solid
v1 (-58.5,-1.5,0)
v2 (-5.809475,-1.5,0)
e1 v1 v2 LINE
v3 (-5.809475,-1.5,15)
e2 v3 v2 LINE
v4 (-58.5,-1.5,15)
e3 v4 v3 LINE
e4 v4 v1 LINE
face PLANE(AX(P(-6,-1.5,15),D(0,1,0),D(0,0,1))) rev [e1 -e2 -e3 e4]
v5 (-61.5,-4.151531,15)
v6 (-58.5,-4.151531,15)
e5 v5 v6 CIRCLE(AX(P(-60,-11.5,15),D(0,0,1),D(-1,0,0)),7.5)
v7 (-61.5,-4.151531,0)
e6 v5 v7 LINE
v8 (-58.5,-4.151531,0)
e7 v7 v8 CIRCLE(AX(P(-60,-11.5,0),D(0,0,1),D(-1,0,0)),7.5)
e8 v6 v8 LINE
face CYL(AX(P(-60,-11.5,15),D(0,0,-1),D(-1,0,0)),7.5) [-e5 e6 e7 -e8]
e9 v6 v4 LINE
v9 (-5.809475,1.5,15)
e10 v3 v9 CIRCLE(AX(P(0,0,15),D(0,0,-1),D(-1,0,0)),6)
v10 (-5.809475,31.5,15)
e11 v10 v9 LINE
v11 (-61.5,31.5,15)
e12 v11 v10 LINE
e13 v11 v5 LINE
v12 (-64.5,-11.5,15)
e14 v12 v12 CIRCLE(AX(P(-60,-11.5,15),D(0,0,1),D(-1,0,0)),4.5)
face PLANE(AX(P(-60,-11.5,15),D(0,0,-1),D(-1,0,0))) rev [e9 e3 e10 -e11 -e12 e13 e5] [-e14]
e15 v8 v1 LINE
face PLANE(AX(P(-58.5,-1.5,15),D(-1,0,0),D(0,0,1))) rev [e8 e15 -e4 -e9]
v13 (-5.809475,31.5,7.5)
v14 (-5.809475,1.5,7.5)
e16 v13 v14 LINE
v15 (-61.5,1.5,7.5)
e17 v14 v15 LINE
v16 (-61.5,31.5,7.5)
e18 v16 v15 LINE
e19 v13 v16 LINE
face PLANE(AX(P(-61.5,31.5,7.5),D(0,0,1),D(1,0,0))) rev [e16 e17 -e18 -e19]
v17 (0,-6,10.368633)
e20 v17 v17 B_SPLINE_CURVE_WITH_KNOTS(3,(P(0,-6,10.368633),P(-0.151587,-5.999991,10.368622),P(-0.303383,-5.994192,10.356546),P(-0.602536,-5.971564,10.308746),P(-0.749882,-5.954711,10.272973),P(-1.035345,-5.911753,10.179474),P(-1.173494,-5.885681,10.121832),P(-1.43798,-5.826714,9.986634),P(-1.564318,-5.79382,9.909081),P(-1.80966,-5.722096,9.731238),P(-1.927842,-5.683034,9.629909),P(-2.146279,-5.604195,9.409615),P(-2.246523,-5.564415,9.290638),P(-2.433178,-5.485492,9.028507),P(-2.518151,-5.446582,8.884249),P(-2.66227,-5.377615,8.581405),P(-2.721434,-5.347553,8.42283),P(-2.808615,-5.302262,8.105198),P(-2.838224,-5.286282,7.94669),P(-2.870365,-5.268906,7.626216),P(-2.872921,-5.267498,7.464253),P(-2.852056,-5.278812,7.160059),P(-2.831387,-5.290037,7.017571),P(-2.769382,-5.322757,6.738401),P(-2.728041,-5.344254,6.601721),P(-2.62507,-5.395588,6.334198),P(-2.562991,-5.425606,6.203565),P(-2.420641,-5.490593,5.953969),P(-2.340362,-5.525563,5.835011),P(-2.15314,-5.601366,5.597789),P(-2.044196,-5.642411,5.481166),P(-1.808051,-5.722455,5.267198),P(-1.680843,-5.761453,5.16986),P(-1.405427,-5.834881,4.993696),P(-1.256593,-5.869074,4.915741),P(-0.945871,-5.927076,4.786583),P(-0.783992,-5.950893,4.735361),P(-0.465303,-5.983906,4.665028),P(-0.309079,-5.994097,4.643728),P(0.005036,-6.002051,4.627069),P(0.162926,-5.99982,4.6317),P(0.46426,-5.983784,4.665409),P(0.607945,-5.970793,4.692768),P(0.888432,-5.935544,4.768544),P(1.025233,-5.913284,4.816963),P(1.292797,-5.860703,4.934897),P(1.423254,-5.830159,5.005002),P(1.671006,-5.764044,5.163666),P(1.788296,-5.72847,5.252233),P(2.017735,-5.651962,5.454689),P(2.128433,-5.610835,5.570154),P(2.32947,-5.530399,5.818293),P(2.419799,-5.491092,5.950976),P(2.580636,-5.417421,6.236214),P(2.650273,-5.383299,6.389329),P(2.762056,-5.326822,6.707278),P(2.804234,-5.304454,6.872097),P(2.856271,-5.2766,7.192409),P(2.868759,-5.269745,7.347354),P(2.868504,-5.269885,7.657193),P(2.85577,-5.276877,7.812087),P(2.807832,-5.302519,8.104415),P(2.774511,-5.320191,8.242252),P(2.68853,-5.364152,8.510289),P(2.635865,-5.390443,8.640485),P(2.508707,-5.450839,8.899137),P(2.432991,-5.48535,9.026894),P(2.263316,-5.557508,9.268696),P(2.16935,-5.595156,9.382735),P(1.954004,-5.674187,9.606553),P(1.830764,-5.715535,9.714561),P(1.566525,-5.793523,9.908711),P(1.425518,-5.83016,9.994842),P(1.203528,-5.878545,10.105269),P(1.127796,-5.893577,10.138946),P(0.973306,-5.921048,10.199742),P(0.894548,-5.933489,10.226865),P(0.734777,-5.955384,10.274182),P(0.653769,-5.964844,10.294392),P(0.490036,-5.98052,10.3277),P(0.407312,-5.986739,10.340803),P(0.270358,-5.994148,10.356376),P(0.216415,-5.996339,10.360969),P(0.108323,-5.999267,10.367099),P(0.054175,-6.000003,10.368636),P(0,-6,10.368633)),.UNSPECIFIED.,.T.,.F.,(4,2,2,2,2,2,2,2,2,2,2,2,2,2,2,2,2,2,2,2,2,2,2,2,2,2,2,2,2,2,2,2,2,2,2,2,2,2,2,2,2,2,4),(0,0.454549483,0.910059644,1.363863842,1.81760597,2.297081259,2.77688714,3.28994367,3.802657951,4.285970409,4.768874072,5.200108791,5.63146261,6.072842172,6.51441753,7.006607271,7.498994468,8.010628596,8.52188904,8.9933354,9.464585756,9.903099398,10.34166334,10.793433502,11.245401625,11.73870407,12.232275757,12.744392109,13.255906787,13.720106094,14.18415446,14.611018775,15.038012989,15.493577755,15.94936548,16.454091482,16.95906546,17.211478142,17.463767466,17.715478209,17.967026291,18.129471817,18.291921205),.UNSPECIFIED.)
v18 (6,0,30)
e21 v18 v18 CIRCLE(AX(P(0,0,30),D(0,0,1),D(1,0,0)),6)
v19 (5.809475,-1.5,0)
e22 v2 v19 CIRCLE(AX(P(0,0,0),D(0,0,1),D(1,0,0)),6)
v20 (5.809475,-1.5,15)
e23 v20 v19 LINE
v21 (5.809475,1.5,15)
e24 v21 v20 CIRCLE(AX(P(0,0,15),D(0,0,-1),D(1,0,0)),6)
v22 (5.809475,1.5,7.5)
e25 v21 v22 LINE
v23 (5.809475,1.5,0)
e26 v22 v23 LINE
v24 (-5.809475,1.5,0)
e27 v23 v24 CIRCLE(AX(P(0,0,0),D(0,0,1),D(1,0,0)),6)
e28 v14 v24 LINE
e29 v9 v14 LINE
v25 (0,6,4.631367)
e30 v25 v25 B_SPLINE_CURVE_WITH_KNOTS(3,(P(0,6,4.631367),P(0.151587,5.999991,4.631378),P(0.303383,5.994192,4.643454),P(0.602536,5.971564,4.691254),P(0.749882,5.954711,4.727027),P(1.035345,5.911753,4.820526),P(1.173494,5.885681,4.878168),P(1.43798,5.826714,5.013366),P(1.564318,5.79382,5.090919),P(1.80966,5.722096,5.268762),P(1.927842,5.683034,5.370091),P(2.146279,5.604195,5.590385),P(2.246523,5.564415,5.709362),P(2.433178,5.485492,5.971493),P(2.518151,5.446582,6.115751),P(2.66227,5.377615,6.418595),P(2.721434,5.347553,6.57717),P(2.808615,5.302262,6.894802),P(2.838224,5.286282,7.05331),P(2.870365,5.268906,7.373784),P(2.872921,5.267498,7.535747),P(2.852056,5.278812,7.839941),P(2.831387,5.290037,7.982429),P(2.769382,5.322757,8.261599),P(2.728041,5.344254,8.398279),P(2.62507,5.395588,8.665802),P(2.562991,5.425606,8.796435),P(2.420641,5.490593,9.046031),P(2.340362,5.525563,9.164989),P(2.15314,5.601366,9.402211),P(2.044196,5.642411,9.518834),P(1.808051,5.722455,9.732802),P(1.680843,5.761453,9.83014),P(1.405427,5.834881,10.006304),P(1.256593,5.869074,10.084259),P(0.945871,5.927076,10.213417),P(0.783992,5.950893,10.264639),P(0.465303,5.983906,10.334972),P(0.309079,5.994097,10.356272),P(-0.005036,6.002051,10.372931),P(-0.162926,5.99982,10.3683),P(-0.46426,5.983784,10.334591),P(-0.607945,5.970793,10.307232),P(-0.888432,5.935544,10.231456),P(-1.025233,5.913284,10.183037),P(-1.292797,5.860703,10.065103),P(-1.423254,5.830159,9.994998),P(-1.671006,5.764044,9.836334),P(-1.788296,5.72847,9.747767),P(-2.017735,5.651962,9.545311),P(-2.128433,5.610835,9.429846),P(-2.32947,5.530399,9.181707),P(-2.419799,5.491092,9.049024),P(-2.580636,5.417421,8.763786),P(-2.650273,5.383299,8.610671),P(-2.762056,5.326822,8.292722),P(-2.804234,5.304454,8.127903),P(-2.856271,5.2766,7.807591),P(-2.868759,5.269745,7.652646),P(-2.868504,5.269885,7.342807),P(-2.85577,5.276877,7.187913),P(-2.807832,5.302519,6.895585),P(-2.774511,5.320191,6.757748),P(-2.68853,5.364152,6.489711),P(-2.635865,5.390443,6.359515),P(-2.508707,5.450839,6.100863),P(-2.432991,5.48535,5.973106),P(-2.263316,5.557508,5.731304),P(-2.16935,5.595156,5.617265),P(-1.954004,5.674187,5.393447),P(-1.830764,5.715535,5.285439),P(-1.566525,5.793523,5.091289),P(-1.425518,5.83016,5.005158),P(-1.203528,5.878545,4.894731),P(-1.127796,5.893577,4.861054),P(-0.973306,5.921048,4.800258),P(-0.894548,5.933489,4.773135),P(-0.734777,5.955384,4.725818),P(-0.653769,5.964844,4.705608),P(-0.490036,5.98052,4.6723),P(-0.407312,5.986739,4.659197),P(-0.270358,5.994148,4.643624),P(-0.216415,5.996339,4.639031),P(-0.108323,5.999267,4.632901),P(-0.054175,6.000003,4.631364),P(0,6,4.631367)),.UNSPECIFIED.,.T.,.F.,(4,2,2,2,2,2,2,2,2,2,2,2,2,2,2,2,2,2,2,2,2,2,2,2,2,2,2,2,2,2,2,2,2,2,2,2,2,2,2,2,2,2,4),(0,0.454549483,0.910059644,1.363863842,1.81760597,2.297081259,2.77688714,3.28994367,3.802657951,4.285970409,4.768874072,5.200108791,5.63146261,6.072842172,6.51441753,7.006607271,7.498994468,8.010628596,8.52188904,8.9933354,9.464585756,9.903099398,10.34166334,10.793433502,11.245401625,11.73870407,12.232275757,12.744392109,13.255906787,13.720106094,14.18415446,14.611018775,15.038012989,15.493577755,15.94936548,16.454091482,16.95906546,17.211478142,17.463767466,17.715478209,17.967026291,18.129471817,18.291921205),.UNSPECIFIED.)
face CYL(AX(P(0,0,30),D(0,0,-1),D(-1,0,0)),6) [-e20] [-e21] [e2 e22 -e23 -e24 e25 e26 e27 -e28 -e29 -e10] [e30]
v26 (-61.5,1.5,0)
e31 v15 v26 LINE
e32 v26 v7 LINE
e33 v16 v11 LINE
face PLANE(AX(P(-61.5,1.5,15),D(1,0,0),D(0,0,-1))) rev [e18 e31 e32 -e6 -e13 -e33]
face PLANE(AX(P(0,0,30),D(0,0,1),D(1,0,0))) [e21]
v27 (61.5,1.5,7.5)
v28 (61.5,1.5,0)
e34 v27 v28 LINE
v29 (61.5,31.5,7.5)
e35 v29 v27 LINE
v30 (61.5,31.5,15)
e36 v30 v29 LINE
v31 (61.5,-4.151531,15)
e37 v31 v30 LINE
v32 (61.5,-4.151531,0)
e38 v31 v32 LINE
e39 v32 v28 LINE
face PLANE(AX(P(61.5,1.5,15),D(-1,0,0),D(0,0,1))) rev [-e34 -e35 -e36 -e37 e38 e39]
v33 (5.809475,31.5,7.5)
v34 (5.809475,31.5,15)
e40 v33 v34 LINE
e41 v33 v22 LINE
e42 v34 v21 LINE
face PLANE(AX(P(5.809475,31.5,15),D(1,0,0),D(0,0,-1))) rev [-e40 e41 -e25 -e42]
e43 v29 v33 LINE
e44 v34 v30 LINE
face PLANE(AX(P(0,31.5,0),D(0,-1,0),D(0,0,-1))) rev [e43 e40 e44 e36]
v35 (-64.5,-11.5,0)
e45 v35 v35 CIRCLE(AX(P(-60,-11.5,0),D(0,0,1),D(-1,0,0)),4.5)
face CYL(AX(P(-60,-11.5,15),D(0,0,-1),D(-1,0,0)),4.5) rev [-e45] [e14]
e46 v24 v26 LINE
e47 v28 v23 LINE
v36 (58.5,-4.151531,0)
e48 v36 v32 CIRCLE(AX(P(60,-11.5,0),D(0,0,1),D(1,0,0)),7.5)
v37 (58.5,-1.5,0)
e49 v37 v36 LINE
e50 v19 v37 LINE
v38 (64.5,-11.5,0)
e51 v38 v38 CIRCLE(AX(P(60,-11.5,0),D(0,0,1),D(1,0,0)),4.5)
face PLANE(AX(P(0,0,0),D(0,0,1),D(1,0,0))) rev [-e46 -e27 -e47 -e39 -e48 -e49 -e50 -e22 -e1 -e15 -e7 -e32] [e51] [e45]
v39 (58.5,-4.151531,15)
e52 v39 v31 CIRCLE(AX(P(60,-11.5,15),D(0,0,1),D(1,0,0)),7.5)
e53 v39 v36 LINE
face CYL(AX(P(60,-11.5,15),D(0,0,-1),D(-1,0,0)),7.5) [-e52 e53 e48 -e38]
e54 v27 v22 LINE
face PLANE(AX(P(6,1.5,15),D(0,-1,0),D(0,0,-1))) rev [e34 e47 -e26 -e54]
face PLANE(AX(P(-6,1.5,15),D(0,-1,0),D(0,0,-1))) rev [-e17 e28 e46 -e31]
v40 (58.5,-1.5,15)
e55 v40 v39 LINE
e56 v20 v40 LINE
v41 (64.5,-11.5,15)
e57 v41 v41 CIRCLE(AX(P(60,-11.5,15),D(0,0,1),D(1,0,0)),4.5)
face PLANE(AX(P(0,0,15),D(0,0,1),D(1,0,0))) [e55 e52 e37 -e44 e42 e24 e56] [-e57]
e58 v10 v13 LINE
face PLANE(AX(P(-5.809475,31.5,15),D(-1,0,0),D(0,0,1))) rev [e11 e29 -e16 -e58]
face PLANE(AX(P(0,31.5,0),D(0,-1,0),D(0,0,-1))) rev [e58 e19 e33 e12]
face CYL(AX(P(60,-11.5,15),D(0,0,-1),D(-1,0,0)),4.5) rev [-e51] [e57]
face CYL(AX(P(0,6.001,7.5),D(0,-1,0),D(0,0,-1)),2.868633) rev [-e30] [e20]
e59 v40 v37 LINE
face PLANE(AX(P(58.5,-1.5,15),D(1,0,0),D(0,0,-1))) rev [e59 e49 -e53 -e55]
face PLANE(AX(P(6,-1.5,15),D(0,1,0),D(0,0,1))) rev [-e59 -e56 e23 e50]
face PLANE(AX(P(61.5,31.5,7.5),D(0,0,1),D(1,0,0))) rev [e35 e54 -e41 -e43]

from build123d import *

# Parameters (mm, degrees)
SKETCH1_R                      = 6
BOSS_EXTRUDE1_DEPTH            = 30
SKETCH2_R                      = 4.5
BOSS_EXTRUDE2_DEPTH            = 15
CUT_EXTRUDE1_REACH             = 21
SKETCH3_R                      = 2.868632687
CUT_EXTRUDE1_DIRECTION_2_REACH = 8
SKETCH4_W                      = 55.690524981
SKETCH4_H                      = 7.5
BOSS_EXTRUDE3_DEPTH            = 30


with BuildPart() as part:
    # Sketch1 → Boss-Extrude1 (new body)
    with BuildSketch(Plane.XY):
        Circle(SKETCH1_R)
    extrude(amount=BOSS_EXTRUDE1_DEPTH)

    # Sketch2 → Boss-Extrude2 (add)
    with BuildSketch(Plane.XY):
        with BuildLine():
            Line((6, -1.5), (58.5, -1.5))
            Line((58.5, -1.5), (58.5, -4.151530772))
            ThreePointArc((58.5, -4.151530772), (60, -19), (61.5, -4.151530772))
            Line((61.5, -4.151530772), (61.5, 1.5))
            Line((61.5, 1.5), (6, 1.5))
            Line((6, 1.5), (5.809475019, 1.5))
            ThreePointArc((5.809475019, 1.5), (6, 0), (5.809475019, -1.5))
            Line((5.809475019, -1.5), (6, -1.5))
        make_face()
        with Locations((60, -11.5)):
            Circle(SKETCH2_R, mode=Mode.SUBTRACT)
        with BuildLine():
            Line((-58.5, -1.5), (-58.5, -4.151530772))
            ThreePointArc((-58.5, -4.151530772), (-60, -19), (-61.5, -4.151530772))
            Line((-61.5, -4.151530772), (-61.5, 1.5))
            Line((-61.5, 1.5), (-6, 1.5))
            Line((-6, 1.5), (-5.809475019, 1.5))
            ThreePointArc((-5.809475019, 1.5), (-6, 0), (-5.809475019, -1.5))
            Line((-5.809475019, -1.5), (-6, -1.5))
            Line((-6, -1.5), (-58.5, -1.5))
        make_face()
        with Locations((-60, -11.5)):
            Circle(SKETCH2_R, mode=Mode.SUBTRACT)
    extrude(amount=BOSS_EXTRUDE2_DEPTH)

    # Sketch3 → Cut-Extrude1 (cut, up to next)
    with BuildSketch(Plane(origin=(0, 0, 0), x_dir=(1, 0, 0), z_dir=(0, 1, 0)), mode=Mode.PRIVATE) as cut_extrude1_sk1:
        with Locations((0, -7.5)):
            Circle(SKETCH3_R)
    cut_extrude1_tool1 = extrude(cut_extrude1_sk1.sketch, amount=-CUT_EXTRUDE1_REACH, mode=Mode.PRIVATE) & part.part
    add(cut_extrude1_tool1.solids().sort_by_distance((0, 0, 7.5))[0], mode=Mode.SUBTRACT)

    # Sketch3 → Cut-Extrude1 direction 2 (cut, up to next)
    with BuildSketch(Plane(origin=(0, 0, 0), x_dir=(1, 0, 0), z_dir=(0, 1, 0)), mode=Mode.PRIVATE) as cut_extrude1_direction_2_sk1:
        with Locations((0, -7.5)):
            Circle(SKETCH3_R)
    cut_extrude1_direction_2_tool1 = extrude(cut_extrude1_direction_2_sk1.sketch, amount=CUT_EXTRUDE1_DIRECTION_2_REACH, mode=Mode.PRIVATE) & part.part
    add(cut_extrude1_direction_2_tool1.solids().sort_by_distance((0, 0, 7.5))[0], mode=Mode.SUBTRACT)

    # Sketch4 → Boss-Extrude3 (add)
    with BuildSketch(Plane(origin=(0, 1.5, 0), x_dir=(1, 0, 0), z_dir=(0, 1, 0))):
        with Locations((-33.65473751, -11.25)):
            Rectangle(SKETCH4_W, SKETCH4_H)
        with Locations((33.65473751, -11.25)):
            Rectangle(SKETCH4_W, SKETCH4_H)
    extrude(amount=BOSS_EXTRUDE3_DEPTH)


solid = part.part
